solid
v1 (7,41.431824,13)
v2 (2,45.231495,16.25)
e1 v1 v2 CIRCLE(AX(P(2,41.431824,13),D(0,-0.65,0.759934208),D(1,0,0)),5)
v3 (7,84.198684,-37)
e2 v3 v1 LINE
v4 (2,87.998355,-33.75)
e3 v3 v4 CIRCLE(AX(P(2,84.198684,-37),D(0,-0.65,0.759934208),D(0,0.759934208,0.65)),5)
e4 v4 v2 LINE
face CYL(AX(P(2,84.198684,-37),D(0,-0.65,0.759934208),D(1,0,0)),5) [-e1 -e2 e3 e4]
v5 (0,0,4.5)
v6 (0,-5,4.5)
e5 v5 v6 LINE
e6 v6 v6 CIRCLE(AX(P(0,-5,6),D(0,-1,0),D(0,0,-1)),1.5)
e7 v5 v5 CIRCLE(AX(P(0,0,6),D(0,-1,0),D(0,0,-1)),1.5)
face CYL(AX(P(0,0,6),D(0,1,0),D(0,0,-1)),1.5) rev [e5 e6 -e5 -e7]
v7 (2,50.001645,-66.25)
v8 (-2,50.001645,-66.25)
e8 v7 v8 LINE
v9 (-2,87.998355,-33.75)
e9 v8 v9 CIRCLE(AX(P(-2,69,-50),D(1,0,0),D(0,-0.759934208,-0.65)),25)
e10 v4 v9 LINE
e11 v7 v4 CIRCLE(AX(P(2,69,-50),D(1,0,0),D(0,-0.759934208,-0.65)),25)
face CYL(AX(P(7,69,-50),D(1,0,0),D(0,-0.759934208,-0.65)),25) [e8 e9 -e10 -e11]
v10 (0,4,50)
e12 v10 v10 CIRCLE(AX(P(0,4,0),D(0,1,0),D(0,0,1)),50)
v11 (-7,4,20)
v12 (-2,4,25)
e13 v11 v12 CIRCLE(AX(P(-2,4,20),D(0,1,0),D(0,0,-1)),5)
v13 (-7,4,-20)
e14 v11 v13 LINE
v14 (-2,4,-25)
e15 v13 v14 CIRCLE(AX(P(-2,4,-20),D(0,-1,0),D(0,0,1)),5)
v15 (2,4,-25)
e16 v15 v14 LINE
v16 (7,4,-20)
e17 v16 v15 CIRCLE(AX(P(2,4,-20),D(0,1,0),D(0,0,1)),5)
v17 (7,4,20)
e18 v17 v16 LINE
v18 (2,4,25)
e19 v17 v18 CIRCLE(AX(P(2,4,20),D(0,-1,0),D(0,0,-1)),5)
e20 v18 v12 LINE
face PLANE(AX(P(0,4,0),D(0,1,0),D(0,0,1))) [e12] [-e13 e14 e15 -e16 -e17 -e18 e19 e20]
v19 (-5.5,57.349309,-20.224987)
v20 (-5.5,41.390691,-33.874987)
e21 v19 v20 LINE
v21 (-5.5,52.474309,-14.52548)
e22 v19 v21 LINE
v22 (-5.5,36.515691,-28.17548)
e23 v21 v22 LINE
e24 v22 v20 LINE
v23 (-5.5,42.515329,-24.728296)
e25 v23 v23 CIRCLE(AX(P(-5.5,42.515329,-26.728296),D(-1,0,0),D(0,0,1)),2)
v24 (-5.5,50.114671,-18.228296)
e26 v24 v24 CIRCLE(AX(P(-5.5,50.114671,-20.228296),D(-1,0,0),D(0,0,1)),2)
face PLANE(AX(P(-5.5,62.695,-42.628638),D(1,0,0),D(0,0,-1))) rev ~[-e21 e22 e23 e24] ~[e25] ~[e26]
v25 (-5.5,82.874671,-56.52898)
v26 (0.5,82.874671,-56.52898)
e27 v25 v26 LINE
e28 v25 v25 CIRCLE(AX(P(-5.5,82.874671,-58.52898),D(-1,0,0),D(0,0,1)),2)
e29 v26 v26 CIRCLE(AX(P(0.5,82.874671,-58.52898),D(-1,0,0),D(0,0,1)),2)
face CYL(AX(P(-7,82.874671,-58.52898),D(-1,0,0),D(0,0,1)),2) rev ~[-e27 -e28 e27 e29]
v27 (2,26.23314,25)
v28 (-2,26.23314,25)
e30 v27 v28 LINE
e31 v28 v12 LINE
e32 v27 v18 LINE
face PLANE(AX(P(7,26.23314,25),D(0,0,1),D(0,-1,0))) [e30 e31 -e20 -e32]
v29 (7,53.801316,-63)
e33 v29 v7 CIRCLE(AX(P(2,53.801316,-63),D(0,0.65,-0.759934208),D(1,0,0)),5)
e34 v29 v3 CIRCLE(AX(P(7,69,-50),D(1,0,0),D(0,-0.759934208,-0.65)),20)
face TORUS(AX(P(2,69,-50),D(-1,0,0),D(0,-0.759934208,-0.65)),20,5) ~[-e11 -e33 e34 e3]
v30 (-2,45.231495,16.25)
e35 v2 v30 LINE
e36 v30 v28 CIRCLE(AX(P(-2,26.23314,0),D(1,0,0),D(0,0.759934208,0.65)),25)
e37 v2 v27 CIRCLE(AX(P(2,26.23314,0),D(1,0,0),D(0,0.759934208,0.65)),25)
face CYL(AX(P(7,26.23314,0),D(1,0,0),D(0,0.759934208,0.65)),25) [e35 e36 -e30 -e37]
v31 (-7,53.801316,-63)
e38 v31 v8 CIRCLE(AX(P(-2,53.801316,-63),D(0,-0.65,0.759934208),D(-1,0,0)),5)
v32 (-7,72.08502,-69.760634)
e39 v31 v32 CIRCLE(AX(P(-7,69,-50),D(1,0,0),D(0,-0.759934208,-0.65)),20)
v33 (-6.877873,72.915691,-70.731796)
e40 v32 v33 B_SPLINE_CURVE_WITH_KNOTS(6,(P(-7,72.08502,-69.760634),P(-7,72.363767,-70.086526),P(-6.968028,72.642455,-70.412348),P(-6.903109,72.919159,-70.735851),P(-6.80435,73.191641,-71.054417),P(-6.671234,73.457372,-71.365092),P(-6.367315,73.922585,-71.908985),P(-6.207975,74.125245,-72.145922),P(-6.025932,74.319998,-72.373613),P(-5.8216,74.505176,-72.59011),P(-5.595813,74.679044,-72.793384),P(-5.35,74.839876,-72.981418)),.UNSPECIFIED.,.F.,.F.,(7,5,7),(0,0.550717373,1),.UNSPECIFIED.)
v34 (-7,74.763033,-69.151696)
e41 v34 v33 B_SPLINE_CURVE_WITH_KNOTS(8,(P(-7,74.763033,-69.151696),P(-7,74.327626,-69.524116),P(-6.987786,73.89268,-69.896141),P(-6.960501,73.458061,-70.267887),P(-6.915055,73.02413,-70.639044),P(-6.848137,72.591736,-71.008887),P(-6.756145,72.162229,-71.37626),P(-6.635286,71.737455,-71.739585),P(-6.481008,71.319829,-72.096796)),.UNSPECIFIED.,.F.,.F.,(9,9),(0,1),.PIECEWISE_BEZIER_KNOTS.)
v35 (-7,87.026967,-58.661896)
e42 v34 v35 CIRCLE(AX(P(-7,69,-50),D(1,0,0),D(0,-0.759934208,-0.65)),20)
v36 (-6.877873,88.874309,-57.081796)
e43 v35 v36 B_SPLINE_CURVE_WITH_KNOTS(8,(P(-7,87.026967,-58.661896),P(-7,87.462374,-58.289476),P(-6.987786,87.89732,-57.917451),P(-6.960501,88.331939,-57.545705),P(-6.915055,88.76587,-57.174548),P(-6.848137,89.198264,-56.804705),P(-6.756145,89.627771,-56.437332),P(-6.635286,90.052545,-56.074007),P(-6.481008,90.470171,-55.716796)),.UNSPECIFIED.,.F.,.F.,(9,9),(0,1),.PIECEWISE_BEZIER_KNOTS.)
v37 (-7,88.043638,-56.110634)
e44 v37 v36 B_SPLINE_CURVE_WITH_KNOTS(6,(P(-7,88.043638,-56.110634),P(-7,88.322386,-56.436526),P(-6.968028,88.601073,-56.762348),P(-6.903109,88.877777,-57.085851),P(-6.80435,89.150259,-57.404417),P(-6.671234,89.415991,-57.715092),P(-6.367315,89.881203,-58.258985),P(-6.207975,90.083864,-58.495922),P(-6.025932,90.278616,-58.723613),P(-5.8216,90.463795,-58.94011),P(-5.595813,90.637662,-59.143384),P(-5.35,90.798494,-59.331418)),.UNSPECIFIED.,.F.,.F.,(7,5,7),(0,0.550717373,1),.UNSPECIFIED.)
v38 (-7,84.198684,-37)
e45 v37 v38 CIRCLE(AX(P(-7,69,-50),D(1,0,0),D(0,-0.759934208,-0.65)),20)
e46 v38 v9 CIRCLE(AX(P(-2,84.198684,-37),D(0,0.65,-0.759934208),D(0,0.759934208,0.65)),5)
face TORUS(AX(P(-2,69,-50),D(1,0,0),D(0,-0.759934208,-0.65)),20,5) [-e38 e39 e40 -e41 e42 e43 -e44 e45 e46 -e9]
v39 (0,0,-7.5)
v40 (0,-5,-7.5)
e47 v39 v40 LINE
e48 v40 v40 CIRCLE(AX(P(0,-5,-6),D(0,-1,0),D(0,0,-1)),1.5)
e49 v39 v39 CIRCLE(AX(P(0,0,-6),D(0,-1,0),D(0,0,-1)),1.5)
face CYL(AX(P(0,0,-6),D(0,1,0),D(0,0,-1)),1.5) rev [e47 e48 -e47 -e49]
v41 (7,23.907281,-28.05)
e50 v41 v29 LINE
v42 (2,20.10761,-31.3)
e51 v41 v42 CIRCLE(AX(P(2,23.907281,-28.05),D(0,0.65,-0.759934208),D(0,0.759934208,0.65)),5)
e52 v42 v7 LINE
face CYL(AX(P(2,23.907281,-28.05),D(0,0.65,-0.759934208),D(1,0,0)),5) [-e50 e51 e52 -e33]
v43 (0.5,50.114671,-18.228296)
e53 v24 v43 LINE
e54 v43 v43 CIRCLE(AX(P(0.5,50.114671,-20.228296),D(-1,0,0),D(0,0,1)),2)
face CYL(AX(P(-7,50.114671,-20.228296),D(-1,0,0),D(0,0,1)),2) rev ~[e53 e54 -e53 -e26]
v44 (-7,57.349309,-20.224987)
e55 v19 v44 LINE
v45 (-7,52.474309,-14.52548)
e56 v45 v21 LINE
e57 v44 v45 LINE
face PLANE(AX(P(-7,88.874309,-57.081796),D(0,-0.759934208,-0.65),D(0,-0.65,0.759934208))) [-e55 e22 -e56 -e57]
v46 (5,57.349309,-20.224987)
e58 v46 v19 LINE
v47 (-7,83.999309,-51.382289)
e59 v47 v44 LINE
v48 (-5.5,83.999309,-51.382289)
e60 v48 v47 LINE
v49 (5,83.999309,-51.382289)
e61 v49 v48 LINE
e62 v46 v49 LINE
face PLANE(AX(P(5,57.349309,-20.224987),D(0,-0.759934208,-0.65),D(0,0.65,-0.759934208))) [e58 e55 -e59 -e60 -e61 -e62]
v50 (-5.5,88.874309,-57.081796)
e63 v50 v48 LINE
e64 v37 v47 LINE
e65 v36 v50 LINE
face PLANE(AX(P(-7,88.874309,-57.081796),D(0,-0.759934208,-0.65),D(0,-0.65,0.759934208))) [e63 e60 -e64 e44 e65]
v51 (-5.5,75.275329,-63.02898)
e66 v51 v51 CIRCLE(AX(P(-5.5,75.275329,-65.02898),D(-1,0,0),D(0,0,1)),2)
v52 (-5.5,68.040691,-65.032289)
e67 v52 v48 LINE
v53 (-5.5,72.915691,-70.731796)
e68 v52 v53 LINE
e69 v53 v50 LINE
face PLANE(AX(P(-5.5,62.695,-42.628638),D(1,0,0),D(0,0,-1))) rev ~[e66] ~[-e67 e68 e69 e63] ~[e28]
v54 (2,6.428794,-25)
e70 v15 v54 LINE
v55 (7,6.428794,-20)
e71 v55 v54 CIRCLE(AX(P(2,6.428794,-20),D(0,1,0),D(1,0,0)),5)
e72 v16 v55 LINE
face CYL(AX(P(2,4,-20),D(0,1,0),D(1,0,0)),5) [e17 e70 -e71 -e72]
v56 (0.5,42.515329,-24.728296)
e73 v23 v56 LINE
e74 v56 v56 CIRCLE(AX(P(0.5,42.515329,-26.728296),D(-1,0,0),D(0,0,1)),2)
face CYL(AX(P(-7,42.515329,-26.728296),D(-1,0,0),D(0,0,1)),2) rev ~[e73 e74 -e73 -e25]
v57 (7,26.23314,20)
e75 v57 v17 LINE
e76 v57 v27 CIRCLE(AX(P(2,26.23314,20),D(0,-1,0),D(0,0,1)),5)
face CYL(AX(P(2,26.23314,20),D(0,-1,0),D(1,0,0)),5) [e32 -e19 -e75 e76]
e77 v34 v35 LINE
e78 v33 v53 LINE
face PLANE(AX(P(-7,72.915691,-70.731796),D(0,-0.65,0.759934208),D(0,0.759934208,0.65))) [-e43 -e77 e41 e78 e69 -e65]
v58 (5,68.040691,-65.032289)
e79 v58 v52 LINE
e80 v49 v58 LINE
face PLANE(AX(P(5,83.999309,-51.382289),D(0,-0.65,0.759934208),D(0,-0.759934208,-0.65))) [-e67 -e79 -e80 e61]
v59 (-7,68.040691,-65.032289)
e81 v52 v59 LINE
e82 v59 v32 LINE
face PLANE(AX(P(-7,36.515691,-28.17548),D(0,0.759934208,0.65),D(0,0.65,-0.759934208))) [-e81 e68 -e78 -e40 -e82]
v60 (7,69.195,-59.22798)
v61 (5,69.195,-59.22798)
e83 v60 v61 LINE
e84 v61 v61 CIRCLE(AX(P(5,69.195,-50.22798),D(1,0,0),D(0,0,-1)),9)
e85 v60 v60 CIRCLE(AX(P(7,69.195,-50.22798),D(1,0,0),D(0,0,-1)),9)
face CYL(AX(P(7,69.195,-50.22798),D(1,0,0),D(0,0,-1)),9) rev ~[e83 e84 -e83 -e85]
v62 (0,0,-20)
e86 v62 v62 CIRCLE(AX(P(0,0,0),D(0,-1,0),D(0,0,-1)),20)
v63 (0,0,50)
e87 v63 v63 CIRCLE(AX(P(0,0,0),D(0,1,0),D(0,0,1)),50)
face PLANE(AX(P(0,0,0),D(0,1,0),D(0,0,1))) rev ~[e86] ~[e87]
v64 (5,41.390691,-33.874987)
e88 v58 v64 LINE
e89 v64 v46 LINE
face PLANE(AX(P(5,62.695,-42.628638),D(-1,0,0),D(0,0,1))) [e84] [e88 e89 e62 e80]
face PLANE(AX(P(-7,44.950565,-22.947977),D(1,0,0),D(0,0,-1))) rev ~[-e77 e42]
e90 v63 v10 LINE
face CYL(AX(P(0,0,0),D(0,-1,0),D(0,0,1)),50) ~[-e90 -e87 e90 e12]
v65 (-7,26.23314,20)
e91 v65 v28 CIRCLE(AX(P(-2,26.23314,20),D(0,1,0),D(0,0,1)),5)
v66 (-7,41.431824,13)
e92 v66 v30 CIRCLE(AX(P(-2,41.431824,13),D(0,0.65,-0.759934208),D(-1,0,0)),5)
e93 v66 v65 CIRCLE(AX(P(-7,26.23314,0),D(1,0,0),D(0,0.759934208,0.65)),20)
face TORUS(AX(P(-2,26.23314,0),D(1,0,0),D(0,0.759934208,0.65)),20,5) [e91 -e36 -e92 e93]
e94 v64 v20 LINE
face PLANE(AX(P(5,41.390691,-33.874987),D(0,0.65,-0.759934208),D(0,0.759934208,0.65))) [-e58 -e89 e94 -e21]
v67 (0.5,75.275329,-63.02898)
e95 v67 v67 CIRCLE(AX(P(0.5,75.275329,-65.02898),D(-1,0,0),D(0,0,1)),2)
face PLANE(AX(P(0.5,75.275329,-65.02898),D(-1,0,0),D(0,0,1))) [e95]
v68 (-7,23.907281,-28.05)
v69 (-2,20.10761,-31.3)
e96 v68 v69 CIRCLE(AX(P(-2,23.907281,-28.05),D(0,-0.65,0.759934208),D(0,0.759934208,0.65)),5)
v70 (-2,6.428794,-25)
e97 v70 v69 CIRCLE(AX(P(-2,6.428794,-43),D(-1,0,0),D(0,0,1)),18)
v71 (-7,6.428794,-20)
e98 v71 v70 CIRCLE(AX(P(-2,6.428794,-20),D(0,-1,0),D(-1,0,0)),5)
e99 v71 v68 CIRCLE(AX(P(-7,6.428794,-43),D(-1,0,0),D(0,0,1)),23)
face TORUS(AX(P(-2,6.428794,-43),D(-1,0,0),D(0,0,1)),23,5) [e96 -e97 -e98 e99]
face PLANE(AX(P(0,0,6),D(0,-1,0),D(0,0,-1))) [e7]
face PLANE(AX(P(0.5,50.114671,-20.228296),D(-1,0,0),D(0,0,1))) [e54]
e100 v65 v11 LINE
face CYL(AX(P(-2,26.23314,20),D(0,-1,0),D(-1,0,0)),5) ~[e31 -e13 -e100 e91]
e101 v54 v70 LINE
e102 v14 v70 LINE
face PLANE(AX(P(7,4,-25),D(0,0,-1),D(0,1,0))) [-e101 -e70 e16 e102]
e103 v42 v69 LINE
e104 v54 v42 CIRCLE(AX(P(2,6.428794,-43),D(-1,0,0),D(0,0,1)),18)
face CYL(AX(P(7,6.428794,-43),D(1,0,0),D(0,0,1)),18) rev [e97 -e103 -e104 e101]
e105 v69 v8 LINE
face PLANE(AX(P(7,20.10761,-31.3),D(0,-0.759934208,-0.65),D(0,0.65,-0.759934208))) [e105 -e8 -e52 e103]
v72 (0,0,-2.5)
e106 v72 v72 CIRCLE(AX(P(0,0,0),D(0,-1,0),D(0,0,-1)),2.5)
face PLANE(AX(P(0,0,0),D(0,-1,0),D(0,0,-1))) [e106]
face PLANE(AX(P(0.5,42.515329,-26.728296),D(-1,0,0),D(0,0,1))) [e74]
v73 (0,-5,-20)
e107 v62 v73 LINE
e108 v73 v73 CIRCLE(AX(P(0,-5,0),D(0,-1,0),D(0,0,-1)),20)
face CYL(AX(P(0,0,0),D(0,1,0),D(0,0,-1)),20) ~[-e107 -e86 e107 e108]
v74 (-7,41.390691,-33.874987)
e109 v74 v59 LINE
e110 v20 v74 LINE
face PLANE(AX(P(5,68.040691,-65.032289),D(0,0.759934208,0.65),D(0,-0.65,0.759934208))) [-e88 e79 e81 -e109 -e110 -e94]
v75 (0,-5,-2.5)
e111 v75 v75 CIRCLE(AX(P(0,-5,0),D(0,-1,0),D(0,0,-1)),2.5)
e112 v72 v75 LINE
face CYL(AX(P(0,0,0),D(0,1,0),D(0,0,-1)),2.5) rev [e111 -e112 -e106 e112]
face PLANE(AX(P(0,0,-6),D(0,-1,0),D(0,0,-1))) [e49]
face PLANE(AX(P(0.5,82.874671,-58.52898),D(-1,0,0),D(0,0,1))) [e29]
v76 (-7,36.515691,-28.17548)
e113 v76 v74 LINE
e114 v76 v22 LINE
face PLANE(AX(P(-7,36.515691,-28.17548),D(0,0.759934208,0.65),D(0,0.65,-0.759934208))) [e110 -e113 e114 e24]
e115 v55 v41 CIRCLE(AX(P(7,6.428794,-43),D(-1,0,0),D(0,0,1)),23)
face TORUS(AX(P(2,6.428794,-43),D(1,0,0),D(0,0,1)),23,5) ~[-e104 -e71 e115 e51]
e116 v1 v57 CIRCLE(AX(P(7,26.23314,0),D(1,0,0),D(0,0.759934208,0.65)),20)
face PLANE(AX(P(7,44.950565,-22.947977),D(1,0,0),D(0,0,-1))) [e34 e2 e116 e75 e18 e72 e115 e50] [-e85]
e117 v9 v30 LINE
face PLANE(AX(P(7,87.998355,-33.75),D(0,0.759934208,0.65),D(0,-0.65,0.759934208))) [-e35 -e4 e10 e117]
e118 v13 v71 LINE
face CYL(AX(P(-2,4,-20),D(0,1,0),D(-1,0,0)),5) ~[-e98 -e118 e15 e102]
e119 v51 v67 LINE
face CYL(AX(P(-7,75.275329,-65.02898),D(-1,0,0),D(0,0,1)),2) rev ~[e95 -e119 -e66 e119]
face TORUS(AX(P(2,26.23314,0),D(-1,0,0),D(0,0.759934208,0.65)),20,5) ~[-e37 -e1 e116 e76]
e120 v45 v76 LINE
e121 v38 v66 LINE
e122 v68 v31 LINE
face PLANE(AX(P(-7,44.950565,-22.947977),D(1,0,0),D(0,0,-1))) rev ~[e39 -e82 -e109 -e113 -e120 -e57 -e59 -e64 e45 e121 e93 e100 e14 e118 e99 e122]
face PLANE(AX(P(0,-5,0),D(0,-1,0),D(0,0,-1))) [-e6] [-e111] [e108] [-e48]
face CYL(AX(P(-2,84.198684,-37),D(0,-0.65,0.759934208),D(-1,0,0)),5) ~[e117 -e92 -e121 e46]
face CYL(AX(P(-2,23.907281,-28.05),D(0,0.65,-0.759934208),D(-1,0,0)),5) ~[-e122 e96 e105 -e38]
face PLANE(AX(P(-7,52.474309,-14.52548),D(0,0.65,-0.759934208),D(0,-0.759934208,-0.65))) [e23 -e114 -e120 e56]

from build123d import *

# Parameters (mm, degrees)
SKETCH2_R            = 50
BOSS_EXTRUDE1_DEPTH  = 4
BOSS_EXTRUDE2_DEPTH  = 14
CUT_EXTRUDE5_REACH   = 134.235
SKETCH30_R           = 20
BOSS_EXTRUDE12_DEPTH = 5
SKETCH5_R            = 2.5
CUT_EXTRUDE18_DEPTH  = 5
SKETCH4_R            = 1.5
CUT_EXTRUDE19_DEPTH  = 5
SKETCH9_R            = 2
CUT_EXTRUDE6_DEPTH   = 7.5
FILLET7_R            = 5
CUT_EXTRUDE20_DEPTH  = 1.5
SKETCH32_R           = 9
CUT_EXTRUDE21_DEPTH  = 10


with BuildPart() as part:
    # Sketch2 → Boss-Extrude1 (new body)
    with BuildSketch(Plane(origin=(0, 0, 0), x_dir=(1, 0, 0), z_dir=(0, 1, 0))):
        with Locations(Location((0, 0, 0), (0, 0, 270))):
            Circle(SKETCH2_R)
    extrude(amount=BOSS_EXTRUDE1_DEPTH)

    # Sketch7 → Boss-Extrude2 (add)
    with BuildSketch(Plane(origin=(7, 0, 0), x_dir=(0, 0, -1), z_dir=(1, 0, 0))):
        with BuildLine():
            Line((25, 4), (25, 6.428793809))
            ThreePointArc((25, 6.428793809), (26.650688088, 13.958734048), (31.3, 20.107609548))
            Line((31.3, 20.107609548), (66.25, 50.001644808))
            ThreePointArc((66.25, 50.001644808), (68.998355192, 85.25), (33.75, 87.998355192))
            Line((33.75, 87.998355192), (-16.25, 45.23149502))
            ThreePointArc((-16.25, 45.23149502), (-22.707377656, 36.691390159), (-25, 26.233139828))
            Line((-25, 26.233139828), (-25, 4))
            Line((-25, 4), (25, 4))
        make_face()
    extrude(amount=-BOSS_EXTRUDE2_DEPTH)

    # Sketch8 → Cut-Extrude5 (cut, up to next)
    with BuildSketch(Plane(origin=(5, 0, 0), x_dir=(0, 0, -1), z_dir=(1, 0, 0)), mode=Mode.PRIVATE) as cut_extrude5_sk1:
        Polygon((20.224986928, 57.349309181), (51.382289443, 83.999309181), (65.032289443, 68.040690819), (33.874986928, 41.390690819), align=None)
    cut_extrude5_tool1 = extrude(cut_extrude5_sk1.sketch, amount=-CUT_EXTRUDE5_REACH, mode=Mode.PRIVATE) & part.part
    add(cut_extrude5_tool1.solids().sort_by_distance((5, 62.695, -42.628638))[0], mode=Mode.SUBTRACT)

    # Sketch30 → Boss-Extrude12 (add)
    with BuildSketch(Plane.XZ):
        with Locations(Location((0, 0, 0), (0, 0, 270))):
            Circle(SKETCH30_R)
    extrude(amount=BOSS_EXTRUDE12_DEPTH)

    # Sketch5 → Cut-Extrude18 (cut)
    with BuildSketch(Plane.XZ):
        with Locations(Location((0, 0, 0), (0, 0, 270))):
            Circle(SKETCH5_R)
    extrude(amount=CUT_EXTRUDE18_DEPTH, mode=Mode.SUBTRACT)

    # Sketch4 → Cut-Extrude19 (cut)
    with BuildSketch(Plane.XZ):
        with Locations(Location((0, 6, 0), (0, 0, 270))):
            Circle(SKETCH4_R)
        with Locations(Location((0, -6, 0), (0, 0, 270))):
            Circle(SKETCH4_R)
    extrude(amount=CUT_EXTRUDE19_DEPTH, mode=Mode.SUBTRACT)

    # Sketch9 → Cut-Extrude6 (cut)
    with BuildSketch(Plane.ZY.offset(7)):
        with Locations((-65.028980219, 75.275328962)):
            Circle(SKETCH9_R)
        with Locations((-20.228296152, 50.114671038)):
            Circle(SKETCH9_R)
        with Locations((-26.728296152, 42.515328962)):
            Circle(SKETCH9_R)
        with Locations((-58.528980219, 82.874671038)):
            Circle(SKETCH9_R)
    extrude(amount=-CUT_EXTRUDE6_DEPTH, mode=Mode.SUBTRACT)

    # Fillet7
    fillet7_edges = [part.edges().sort_by_distance(p)[0] for p in [
        (-7, 35.054627178, -48.775),
        (7, 85.25, -68.998355192),
        (7, 66.614925106, -8.75),
        (-7, 85.25, -68.998355192),
        (-7, 13.958734048, -26.650688088),
        (-7, 5.214396905, -25),
        (-7, 15.116569914, 25),
        (-7, 66.614925106, -8.75),
        (-7, 36.691390159, 22.707377656),
        (7, 36.691390159, 22.707377656),
        (7, 35.054627178, -48.775),
        (7, 15.116569914, 25),
        (7, 5.214396905, -25),
        (7, 13.958734048, -26.650688088),
    ]]
    fillet(fillet7_edges, radius=FILLET7_R)

    # Sketch31 → Cut-Extrude20 (cut)
    with BuildSketch(Plane.ZY.offset(7)):
        Polygon((-14.525480371, 52.474309181), (-28.175480371, 36.515690819), (-70.731796001, 72.915690819), (-57.081796001, 88.874309181), align=None)
    extrude(amount=-CUT_EXTRUDE20_DEPTH, mode=Mode.SUBTRACT)

    # Sketch32 → Cut-Extrude21 (cut)
    with BuildSketch(Plane(origin=(7, 0, 0), x_dir=(0, 0, -1), z_dir=(1, 0, 0))):
        with Locations((50.227980262, 69.195)):
            Circle(SKETCH32_R)
    extrude(amount=-CUT_EXTRUDE21_DEPTH, mode=Mode.SUBTRACT)


solid = part.part
